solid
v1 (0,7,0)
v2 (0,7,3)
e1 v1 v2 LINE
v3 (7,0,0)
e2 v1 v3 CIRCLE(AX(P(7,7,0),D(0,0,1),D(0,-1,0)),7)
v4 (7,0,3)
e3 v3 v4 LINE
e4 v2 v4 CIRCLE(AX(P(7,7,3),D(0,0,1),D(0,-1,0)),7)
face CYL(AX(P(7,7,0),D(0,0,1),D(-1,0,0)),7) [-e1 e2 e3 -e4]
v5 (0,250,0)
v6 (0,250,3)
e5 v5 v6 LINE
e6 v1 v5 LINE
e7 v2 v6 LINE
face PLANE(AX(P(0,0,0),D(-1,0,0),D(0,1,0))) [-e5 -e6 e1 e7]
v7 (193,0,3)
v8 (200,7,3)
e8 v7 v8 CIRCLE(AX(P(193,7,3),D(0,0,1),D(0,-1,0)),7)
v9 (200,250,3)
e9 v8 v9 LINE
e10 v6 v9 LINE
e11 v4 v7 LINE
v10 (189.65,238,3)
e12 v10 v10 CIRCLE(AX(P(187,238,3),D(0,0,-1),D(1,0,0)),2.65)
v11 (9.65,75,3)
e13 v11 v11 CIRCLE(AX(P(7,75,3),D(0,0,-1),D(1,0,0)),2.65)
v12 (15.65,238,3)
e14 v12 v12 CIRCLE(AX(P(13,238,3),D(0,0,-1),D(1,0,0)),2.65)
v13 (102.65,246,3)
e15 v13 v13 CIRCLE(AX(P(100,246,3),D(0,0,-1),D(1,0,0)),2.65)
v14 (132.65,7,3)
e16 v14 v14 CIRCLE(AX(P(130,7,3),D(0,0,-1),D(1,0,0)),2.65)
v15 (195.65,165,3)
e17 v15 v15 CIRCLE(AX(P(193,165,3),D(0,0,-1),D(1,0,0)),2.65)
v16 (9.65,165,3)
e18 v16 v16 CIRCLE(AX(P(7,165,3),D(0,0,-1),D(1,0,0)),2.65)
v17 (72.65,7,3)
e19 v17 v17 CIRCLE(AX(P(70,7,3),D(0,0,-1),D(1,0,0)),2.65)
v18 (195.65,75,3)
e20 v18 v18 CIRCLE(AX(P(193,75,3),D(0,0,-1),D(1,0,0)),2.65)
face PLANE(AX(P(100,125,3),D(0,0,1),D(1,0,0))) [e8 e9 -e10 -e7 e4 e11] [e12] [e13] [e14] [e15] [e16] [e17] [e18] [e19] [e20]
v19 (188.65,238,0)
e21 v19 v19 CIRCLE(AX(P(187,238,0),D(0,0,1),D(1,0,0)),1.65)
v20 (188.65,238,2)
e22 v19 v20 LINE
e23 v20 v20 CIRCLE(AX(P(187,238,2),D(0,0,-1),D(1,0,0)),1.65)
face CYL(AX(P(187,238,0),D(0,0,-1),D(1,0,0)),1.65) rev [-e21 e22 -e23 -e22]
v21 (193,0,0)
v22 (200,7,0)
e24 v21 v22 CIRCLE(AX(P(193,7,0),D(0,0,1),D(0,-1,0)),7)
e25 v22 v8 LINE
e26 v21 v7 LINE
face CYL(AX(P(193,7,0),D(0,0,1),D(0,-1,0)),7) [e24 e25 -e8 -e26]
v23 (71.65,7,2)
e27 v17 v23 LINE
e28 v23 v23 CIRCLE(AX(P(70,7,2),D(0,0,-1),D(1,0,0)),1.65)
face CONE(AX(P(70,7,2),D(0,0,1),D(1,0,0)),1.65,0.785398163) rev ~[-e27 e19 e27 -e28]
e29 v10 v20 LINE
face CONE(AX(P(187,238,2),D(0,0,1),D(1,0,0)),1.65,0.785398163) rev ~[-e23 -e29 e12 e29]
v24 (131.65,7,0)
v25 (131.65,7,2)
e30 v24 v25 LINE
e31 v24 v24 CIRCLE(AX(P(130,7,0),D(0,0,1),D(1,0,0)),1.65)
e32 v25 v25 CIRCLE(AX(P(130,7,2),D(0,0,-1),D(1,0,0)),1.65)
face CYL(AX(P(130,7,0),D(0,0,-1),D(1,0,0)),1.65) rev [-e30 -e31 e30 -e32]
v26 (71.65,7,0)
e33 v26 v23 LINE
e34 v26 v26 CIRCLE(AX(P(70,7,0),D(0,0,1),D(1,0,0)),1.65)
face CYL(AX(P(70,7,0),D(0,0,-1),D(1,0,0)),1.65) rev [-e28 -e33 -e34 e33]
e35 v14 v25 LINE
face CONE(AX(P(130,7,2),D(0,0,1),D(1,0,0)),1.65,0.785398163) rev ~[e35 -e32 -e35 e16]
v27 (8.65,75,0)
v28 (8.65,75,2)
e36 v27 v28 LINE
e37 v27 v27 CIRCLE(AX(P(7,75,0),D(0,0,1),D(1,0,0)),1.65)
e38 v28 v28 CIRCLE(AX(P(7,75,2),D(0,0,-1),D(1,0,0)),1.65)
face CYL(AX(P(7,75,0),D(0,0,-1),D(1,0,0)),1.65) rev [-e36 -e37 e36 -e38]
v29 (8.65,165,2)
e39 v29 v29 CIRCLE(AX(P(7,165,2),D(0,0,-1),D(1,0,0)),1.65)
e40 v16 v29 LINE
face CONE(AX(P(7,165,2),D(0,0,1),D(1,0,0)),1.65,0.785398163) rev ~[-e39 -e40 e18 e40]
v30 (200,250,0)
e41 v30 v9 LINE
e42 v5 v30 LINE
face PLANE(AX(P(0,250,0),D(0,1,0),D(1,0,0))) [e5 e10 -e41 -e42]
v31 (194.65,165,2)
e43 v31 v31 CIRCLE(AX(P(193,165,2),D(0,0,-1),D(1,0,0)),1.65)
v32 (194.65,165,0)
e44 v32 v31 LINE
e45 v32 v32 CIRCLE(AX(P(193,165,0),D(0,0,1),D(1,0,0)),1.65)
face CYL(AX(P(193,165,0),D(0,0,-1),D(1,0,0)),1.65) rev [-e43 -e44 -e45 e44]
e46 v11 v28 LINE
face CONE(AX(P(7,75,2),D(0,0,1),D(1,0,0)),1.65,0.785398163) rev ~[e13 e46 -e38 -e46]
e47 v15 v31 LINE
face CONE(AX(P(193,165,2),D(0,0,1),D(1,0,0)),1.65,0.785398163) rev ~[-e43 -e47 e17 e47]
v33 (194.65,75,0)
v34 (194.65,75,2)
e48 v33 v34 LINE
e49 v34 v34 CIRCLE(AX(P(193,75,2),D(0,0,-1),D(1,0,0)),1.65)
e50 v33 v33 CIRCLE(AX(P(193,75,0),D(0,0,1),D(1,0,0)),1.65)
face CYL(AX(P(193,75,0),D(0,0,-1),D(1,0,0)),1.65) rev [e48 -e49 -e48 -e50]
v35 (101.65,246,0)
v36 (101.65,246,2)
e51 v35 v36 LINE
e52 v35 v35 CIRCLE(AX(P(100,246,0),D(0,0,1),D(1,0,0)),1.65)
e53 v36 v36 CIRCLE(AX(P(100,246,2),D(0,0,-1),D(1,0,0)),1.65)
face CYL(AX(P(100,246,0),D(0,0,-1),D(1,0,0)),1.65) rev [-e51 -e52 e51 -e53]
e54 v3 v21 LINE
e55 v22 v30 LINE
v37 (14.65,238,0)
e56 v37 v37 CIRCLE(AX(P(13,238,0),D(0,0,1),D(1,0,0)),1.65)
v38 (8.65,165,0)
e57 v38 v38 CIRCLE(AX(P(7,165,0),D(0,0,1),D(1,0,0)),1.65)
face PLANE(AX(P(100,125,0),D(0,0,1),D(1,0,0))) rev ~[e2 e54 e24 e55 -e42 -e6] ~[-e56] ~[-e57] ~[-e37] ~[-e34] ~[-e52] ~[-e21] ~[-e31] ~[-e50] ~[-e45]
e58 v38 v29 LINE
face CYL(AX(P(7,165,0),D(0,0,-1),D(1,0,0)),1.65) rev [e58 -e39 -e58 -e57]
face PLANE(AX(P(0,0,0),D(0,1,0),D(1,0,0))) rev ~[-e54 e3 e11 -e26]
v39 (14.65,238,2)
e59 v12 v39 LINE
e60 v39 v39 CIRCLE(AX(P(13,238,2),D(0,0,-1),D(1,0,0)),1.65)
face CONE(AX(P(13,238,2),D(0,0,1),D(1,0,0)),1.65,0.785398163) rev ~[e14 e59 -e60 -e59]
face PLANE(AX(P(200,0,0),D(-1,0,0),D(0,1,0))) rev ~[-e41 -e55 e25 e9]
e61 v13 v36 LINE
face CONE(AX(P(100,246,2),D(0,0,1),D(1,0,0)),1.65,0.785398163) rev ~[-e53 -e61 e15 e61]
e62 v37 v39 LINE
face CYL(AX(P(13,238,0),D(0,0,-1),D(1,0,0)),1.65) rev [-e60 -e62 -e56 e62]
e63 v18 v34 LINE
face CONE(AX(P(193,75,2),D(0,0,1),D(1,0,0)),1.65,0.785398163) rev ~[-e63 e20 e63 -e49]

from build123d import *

# Parameters (mm, degrees)
SKETCH1_W           = 200
SKETCH1_H           = 250
BOSS_EXTRUDE1_DEPTH = 3
FILLET1_R           = 7
SKETCH2_R           = 1.65
CUT_EXTRUDE2_DEPTH  = 4
CHAMFER1_SIZE       = 1


with BuildPart() as part:
    # Sketch1 → Boss-Extrude1 (new body)
    with BuildSketch(Plane.XY):
        with Locations((100, 125)):
            Rectangle(SKETCH1_W, SKETCH1_H)
    extrude(amount=BOSS_EXTRUDE1_DEPTH)

    # Fillet1
    fillet1_edges = [part.edges().sort_by_distance(p)[0] for p in [
        (200, 0, 1.5),
        (0, 0, 1.5),
    ]]
    fillet(fillet1_edges, radius=FILLET1_R)

    # Sketch2 → Cut-Extrude2 (cut, through all)
    with BuildSketch(Plane.XY):
        with Locations((70, 7)):
            Circle(SKETCH2_R)
        with Locations((7, 75)):
            Circle(SKETCH2_R)
        with Locations((193, 75)):
            Circle(SKETCH2_R)
        with Locations((13, 238)):
            Circle(SKETCH2_R)
        with Locations((100, 246)):
            Circle(SKETCH2_R)
        with Locations((187, 238)):
            Circle(SKETCH2_R)
        with Locations((7, 165)):
            Circle(SKETCH2_R)
        with Locations((193, 165)):
            Circle(SKETCH2_R)
        with Locations((130, 7)):
            Circle(SKETCH2_R)
    extrude(amount=CUT_EXTRUDE2_DEPTH, mode=Mode.SUBTRACT)

    # Chamfer1
    chamfer1_edges = [part.edges().sort_by_distance(p)[0] for p in [
        (5.35, 75, 3),
        (191.35, 75, 3),
        (11.35, 238, 3),
        (98.35, 246, 3),
        (128.35, 7, 3),
        (191.35, 165, 3),
        (5.35, 165, 3),
        (185.35, 238, 3),
        (68.35, 7, 3),
    ]]
    chamfer(chamfer1_edges, length=CHAMFER1_SIZE)


solid = part.part
